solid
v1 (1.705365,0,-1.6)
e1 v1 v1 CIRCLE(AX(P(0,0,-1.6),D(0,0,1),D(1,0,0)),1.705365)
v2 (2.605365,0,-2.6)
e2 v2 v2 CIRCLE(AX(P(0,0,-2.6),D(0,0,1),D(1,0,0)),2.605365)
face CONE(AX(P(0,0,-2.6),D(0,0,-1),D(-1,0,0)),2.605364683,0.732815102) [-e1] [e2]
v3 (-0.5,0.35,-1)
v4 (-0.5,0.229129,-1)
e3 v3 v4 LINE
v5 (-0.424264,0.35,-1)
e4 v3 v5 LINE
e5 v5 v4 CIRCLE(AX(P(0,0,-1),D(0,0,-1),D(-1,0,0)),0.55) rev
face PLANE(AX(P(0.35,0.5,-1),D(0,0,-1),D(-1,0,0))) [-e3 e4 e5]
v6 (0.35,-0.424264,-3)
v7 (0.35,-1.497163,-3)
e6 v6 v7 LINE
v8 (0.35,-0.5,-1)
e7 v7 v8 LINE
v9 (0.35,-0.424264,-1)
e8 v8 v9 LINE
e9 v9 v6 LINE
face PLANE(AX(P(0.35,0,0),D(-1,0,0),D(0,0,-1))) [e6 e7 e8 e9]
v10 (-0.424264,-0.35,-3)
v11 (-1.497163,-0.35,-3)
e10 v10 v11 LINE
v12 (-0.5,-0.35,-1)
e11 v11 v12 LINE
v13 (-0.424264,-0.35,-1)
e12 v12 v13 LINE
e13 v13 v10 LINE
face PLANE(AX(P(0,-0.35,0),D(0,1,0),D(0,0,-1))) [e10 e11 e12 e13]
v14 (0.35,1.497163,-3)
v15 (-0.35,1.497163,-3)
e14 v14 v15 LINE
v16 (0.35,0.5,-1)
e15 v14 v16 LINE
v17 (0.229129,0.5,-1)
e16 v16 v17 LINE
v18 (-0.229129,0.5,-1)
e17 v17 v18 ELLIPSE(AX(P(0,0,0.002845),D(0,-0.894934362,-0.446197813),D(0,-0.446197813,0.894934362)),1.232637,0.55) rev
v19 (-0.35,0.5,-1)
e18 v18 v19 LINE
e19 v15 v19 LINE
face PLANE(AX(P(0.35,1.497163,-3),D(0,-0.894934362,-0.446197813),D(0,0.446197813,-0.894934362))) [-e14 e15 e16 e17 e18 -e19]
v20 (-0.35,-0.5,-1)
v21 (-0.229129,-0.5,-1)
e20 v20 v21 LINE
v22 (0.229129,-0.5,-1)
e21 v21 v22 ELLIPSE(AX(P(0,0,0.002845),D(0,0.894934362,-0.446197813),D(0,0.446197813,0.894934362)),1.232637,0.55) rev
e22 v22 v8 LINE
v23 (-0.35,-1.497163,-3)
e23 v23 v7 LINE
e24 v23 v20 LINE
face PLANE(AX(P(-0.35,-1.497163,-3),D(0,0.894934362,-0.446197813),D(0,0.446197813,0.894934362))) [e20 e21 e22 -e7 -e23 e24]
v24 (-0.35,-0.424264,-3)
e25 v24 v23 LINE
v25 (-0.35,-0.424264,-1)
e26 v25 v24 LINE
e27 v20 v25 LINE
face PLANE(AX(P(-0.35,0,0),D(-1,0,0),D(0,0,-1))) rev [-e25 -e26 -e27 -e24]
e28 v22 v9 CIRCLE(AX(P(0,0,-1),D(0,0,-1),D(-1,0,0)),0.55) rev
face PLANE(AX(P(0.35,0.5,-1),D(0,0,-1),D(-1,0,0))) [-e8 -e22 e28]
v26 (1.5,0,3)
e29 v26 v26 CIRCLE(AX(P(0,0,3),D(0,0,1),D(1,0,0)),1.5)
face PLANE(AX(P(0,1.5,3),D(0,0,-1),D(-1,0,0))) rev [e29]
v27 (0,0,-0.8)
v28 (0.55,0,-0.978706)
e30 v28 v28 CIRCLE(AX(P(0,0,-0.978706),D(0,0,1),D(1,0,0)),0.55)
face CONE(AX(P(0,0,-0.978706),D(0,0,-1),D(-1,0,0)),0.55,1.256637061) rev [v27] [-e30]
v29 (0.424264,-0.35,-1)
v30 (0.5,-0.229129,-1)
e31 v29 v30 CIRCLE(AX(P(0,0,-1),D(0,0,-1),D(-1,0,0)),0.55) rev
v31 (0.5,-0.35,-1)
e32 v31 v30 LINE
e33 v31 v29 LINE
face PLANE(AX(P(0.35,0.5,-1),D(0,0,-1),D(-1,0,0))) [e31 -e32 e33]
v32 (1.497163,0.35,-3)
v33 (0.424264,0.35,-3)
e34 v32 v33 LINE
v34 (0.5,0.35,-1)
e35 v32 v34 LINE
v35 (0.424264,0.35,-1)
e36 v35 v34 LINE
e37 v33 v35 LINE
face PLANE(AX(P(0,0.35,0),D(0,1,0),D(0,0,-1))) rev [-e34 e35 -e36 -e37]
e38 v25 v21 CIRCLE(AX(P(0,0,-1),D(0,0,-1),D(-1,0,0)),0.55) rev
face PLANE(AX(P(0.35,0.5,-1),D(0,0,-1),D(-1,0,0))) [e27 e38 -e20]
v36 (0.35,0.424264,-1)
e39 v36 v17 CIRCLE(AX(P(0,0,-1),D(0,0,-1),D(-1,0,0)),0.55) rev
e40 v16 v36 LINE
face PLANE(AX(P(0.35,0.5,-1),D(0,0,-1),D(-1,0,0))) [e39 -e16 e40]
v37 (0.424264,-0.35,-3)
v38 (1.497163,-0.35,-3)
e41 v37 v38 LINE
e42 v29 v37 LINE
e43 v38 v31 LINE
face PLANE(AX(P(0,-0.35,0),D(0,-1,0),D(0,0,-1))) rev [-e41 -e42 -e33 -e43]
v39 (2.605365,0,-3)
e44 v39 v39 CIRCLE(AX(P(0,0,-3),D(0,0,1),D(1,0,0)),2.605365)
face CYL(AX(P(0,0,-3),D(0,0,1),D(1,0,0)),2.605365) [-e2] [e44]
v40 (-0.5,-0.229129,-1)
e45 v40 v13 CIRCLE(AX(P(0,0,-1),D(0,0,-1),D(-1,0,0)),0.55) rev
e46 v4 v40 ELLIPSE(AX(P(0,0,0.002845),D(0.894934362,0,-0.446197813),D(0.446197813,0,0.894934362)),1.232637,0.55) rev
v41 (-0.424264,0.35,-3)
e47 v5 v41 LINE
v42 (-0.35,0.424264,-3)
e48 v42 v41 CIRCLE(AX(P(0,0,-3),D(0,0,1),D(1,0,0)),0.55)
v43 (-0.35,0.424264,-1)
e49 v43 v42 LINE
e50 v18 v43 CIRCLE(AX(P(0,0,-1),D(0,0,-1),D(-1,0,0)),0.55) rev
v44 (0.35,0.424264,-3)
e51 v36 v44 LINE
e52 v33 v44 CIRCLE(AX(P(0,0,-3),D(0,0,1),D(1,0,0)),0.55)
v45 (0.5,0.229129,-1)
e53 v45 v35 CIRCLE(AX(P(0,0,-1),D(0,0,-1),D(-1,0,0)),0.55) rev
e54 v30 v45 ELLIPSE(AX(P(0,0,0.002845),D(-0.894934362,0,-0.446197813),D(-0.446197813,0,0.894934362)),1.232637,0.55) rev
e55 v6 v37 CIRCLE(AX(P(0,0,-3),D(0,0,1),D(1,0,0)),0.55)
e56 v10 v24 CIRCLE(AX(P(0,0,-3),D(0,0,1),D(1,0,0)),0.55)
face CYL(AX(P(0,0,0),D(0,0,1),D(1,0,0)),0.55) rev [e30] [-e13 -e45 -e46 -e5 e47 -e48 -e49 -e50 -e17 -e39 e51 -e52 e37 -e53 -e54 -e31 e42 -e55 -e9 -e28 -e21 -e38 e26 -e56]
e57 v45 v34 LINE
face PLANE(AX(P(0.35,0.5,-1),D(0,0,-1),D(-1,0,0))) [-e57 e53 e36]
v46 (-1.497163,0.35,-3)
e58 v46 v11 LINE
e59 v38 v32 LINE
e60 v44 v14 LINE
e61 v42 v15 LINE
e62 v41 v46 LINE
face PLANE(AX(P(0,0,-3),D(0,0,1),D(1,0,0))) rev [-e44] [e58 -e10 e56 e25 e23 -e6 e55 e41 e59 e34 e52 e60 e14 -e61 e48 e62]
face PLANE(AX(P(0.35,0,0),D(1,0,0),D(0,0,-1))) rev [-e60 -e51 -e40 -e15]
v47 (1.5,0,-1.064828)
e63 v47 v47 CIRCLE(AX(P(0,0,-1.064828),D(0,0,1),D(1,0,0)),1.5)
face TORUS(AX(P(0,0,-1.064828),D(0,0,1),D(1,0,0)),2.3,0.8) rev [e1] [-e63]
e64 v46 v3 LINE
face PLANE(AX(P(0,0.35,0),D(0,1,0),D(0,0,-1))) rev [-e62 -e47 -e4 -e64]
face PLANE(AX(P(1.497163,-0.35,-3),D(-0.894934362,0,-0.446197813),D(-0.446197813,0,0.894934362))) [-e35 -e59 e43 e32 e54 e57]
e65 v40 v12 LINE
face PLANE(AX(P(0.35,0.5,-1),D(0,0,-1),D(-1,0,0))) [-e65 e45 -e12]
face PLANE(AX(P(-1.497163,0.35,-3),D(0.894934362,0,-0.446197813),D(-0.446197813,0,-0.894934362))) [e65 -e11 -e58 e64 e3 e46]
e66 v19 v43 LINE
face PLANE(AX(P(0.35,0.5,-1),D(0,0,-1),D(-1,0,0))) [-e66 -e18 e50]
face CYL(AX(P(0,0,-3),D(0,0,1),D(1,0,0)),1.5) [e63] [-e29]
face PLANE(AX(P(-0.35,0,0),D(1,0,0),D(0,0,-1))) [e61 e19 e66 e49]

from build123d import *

# Parameters (mm, degrees)
CUT_EXTRUDE_1_DEPTH      = 0.35
PATTERN_CIRCULAR_1_COUNT = 4


with BuildPart() as part:
    # Эскиз1 → Повернуть1 (revolve)
    with BuildSketch(Plane(origin=(0, 0, 0), x_dir=(0, 0, -1), z_dir=(1, 0, 0))):
        with BuildLine():
            Line((-3, 0), (3, 0))
            Line((3, 0), (3, 2.605364683))
            Line((3, 2.605364683), (2.6, 2.605364683))
            Line((2.6, 2.605364683), (1.6, 1.705364683))
            ThreePointArc((1.6, 1.705364683), (1.351439228, 1.553103671), (1.064828215, 1.5))
            Line((1.064828215, 1.5), (-3, 1.5))
            Line((-3, 1.5), (-3, 0))
        make_face()
    revolve(axis=Axis((0, 0, -3), (0, 0, -1)))

    # Эскиз2 → Вырез-Вытянуть1 (cut, symmetric)
    with BuildSketch(Plane(origin=(0, 0, 0), x_dir=(0, 0, -1), z_dir=(1, 0, 0))):
        Polygon((3, 0), (3, 1.497163216), (1, 0.5), (1, 0), align=None)
    cut_extrude_1 = extrude(amount=CUT_EXTRUDE_1_DEPTH, both=True, mode=Mode.SUBTRACT)

    # Круговой массив1: Вырез-Вытянуть1 ×4 about axis
    pattern_circular_1_axis = Axis((0, 0, -3), (0, 0, 1))
    for i in range(1, PATTERN_CIRCULAR_1_COUNT):
        add(cut_extrude_1.rotate(pattern_circular_1_axis, i * 360 / PATTERN_CIRCULAR_1_COUNT), mode=Mode.SUBTRACT)

    # Эскиз3 → Вырез-Повернуть1 (revolve, cut)
    with BuildSketch(Plane(origin=(0, 0, 0), x_dir=(0, 0, -1), z_dir=(1, 0, 0))):
        Polygon((0.8, 0), (0.978705833, 0.55), (3, 0.55), (3, 0), align=None)
    revolve(axis=Axis((0, 0, 0), (0, 0, -1)), mode=Mode.SUBTRACT)


solid = part.part
